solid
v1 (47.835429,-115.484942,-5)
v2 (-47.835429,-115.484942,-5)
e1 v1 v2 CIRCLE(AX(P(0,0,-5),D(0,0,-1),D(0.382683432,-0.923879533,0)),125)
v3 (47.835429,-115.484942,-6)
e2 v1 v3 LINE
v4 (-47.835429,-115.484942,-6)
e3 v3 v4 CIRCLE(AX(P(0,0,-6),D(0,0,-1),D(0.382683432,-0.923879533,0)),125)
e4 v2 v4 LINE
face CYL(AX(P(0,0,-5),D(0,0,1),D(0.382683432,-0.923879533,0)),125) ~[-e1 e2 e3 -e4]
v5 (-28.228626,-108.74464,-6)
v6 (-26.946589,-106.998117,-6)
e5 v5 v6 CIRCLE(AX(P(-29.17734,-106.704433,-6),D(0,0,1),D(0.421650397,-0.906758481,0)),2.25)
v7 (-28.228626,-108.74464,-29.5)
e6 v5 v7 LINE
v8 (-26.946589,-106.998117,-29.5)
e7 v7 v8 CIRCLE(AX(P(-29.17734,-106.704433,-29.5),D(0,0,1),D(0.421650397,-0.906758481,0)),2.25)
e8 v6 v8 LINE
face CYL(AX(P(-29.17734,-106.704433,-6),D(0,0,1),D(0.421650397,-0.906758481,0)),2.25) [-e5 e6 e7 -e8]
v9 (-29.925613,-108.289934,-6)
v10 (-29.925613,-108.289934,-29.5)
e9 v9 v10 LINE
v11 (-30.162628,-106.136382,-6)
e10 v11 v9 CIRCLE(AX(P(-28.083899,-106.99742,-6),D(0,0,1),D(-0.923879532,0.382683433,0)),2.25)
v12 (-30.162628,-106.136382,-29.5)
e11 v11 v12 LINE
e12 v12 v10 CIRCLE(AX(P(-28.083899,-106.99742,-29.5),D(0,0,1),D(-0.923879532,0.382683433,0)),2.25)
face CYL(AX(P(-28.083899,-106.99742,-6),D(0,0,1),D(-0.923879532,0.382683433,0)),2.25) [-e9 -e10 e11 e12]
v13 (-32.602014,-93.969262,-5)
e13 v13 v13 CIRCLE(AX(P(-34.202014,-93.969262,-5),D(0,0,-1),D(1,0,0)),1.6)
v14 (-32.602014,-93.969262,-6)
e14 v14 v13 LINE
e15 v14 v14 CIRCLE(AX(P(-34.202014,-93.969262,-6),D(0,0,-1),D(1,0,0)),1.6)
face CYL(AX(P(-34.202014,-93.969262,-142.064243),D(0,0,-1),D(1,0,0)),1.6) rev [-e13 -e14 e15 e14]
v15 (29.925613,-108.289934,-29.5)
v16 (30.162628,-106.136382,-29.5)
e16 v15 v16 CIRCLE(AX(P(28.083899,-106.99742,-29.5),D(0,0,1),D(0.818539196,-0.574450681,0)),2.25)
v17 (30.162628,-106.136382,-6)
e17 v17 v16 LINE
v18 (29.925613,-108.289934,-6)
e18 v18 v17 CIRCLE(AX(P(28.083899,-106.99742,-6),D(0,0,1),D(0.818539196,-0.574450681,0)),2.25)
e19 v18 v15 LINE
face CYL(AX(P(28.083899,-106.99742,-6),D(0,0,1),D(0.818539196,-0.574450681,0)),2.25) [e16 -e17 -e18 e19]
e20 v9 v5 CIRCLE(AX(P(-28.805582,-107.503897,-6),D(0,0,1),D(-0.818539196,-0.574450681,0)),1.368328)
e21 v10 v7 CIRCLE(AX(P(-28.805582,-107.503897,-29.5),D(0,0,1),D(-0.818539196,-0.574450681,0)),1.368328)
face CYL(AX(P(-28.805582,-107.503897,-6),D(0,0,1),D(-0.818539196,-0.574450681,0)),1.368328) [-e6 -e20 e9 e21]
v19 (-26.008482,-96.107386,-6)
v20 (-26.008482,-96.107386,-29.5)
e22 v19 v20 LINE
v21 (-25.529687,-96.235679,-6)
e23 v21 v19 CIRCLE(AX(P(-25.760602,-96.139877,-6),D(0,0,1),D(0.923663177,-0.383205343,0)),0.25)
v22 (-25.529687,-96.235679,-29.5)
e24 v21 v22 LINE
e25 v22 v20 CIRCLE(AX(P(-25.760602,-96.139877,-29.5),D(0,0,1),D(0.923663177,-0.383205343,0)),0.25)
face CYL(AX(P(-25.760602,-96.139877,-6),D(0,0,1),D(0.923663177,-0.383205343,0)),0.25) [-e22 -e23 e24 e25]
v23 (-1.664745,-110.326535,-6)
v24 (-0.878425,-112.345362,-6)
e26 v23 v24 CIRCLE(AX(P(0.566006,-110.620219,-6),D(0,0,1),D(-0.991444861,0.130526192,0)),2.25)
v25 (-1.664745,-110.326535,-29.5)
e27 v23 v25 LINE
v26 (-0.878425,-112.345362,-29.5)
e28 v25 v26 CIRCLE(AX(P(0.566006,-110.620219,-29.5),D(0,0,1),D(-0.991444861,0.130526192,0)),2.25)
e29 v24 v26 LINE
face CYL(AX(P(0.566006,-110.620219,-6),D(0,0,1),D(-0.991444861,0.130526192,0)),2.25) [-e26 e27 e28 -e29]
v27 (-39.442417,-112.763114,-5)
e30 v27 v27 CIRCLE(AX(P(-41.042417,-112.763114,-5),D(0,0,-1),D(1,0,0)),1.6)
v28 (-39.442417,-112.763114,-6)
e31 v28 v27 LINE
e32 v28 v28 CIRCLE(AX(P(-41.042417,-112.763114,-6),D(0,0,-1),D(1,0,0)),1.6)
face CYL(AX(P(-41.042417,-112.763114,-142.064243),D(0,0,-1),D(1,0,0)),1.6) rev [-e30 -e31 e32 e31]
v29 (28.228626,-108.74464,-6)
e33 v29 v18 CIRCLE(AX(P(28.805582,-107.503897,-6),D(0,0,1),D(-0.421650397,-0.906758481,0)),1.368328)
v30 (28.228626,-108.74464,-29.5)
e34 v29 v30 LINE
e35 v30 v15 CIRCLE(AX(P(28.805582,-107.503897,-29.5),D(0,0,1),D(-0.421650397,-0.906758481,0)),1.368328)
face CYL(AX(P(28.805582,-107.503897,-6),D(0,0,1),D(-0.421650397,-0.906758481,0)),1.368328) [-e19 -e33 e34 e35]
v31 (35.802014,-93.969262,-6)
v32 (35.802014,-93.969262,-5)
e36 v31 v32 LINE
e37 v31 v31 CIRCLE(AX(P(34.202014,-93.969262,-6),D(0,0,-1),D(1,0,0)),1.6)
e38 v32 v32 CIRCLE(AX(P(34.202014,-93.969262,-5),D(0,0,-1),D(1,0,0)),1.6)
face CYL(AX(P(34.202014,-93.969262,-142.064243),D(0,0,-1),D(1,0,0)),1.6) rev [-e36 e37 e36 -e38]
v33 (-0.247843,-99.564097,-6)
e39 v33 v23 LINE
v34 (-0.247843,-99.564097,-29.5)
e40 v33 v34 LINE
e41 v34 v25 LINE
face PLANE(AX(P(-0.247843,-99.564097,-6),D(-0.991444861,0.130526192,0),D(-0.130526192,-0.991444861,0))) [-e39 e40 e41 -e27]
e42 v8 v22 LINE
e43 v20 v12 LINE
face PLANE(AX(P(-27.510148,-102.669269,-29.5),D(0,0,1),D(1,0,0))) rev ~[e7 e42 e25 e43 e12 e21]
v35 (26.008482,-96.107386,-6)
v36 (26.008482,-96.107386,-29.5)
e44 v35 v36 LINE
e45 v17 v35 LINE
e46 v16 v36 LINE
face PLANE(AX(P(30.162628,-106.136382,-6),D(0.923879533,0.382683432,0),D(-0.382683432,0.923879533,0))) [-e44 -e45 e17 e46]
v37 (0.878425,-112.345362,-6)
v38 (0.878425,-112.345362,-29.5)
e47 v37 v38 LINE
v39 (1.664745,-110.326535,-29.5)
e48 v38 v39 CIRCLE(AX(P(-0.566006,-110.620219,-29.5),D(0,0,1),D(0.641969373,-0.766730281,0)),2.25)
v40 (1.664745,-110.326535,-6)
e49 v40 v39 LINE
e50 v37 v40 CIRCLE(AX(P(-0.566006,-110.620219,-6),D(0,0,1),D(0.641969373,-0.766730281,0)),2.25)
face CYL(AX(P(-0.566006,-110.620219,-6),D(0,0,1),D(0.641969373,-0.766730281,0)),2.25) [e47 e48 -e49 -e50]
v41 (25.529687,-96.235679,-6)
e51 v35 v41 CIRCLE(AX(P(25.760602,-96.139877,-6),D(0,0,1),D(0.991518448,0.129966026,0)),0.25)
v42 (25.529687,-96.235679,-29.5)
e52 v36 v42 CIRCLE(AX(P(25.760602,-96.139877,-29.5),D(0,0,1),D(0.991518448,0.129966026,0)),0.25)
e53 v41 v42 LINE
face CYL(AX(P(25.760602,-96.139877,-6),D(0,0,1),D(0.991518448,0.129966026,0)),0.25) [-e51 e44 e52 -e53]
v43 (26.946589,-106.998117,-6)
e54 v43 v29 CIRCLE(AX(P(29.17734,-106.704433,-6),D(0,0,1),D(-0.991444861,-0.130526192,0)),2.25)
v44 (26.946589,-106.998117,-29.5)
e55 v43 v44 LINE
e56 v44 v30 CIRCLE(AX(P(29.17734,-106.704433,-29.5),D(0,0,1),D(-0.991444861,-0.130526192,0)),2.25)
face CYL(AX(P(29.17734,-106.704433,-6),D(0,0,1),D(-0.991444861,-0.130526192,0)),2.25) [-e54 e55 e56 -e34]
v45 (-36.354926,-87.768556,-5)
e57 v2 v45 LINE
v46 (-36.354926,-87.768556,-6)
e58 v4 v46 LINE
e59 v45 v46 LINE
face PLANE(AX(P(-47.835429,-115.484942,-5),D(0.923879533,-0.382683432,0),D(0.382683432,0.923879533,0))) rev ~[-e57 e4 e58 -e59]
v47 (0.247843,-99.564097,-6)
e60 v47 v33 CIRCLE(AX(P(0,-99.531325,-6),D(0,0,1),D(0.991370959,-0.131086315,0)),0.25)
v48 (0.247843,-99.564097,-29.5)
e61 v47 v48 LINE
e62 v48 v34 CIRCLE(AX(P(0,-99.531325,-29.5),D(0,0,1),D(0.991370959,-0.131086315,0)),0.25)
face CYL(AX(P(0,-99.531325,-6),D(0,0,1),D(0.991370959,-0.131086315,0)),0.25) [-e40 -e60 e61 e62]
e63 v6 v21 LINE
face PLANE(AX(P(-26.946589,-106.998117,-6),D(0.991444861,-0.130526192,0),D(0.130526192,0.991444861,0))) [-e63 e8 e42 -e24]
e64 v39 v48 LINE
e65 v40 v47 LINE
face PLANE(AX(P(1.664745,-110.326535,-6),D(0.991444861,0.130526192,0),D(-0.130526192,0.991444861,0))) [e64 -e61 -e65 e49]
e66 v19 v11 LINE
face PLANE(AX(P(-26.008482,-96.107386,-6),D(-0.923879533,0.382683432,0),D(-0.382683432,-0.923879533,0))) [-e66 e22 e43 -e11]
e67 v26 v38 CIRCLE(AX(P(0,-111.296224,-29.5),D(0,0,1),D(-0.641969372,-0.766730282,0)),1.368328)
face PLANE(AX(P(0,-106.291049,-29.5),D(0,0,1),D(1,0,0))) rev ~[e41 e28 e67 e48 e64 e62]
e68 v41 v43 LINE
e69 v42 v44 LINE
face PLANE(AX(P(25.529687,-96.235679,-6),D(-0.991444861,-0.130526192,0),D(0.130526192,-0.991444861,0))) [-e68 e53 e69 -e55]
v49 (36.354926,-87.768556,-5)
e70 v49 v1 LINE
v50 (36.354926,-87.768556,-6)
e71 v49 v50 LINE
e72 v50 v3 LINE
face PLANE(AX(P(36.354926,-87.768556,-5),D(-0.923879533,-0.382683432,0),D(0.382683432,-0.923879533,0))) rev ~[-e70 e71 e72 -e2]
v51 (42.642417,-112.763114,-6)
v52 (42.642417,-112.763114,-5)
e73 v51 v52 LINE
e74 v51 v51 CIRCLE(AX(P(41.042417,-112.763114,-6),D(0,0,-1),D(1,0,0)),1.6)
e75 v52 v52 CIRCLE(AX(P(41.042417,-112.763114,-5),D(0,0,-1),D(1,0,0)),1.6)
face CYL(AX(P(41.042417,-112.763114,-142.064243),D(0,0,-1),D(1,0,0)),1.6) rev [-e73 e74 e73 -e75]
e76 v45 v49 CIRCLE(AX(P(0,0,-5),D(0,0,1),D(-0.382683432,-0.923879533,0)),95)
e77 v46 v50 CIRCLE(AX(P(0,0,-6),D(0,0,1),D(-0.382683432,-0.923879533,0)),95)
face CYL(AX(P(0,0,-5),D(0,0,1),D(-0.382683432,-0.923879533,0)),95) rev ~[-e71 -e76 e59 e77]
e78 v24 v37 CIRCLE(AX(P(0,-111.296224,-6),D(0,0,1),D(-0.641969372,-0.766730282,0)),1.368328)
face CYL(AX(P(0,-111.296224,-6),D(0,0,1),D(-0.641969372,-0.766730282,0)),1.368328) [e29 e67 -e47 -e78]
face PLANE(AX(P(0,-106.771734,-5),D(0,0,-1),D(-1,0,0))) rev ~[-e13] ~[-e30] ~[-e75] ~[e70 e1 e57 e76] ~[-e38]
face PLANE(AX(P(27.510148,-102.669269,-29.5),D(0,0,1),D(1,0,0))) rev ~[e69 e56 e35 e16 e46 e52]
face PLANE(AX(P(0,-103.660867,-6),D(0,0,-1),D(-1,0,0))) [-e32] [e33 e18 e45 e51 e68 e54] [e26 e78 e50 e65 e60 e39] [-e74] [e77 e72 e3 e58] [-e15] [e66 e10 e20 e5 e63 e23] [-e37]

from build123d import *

# Parameters (mm, degrees)
BOSS_EXTRUDE1_START      = -5
BOSS_EXTRUDE1_DEPTH      = 1
BOSS_EXTRUDE2_START      = -5
BOSS_EXTRUDE2_DEPTH      = 5
BOSS_EXTRUDE3_DEPTH      = 1
BOSS_EXTRUDE3_DEPTH_BACK = 6
BOSS_EXTRUDE4_DEPTH      = 23.5
CUT_EXTRUDE1_START       = -6
CUT_EXTRUDE1_DEPTH       = 6
CUT_EXTRUDE2_DEPTH       = 137.064243179
CUT_EXTRUDE2_DEPTH_BACK  = 137.064243179
SKETCH5_R                = 1.6


with BuildPart() as part:
    # Sketch1 → Boss-Extrude1 (new body)
    with BuildSketch(Plane.XY.offset(BOSS_EXTRUDE1_START)):
        with BuildLine():
            Line((-47.835429046, -115.484941564), (-36.354926075, -87.768555589))
            ThreePointArc((-36.354926075, -87.768555589), (0, -95), (36.354926075, -87.768555589))
            Line((36.354926075, -87.768555589), (47.835429046, -115.484941564))
            ThreePointArc((47.835429046, -115.484941564), (0, -125), (-47.835429046, -115.484941564))
        make_face()
        with BuildLine():
            Line((-26.038476963, -106.101650399), (-23.955923749, -97.86049365))
            ThreePointArc((-23.955923749, -97.86049365), (0, -100.75), (23.955923749, -97.86049365))
            Line((23.955923749, -97.86049365), (26.038476963, -106.101650399))
            ThreePointArc((26.038476963, -106.101650399), (0, -109.25), (-26.038476963, -106.101650399))
        make_face(mode=Mode.SUBTRACT)
    extrude(amount=-BOSS_EXTRUDE1_DEPTH)



with BuildPart() as body_2:
    # Sketch1<3> → Boss-Extrude2 (new body)
    with BuildSketch(Plane.XY.offset(BOSS_EXTRUDE2_START)):
        with BuildLine():
            ThreePointArc((-23.955923749, -97.86049365), (0, -100.75), (23.955923749, -97.86049365))
            Line((23.955923749, -97.86049365), (26.038476963, -106.101650399))
            ThreePointArc((26.038476963, -106.101650399), (0, -109.25), (-26.038476963, -106.101650399))
            Line((-26.038476963, -106.101650399), (-23.955923749, -97.86049365))
        make_face()
    extrude(amount=BOSS_EXTRUDE2_DEPTH)


with BuildPart() as part_1:
    add(part.part)

    add(body_2.part)  # Boss-Extrude3 merges body 2
    # Sketch1<4> → Boss-Extrude3 (add, two sides: drawn at the far end of the back side and taken through both)
    with BuildSketch(Plane.XY.offset(-BOSS_EXTRUDE3_DEPTH_BACK)):
        with BuildLine():
            ThreePointArc((-23.955923749, -97.86049365), (0, -100.75), (23.955923749, -97.86049365))
            Line((23.955923749, -97.86049365), (26.038476963, -106.101650399))
            ThreePointArc((26.038476963, -106.101650399), (0, -109.25), (-26.038476963, -106.101650399))
            Line((-26.038476963, -106.101650399), (-23.955923749, -97.86049365))
        make_face()
    extrude(amount=BOSS_EXTRUDE3_DEPTH + BOSS_EXTRUDE3_DEPTH_BACK)

    # Sketch3 → Boss-Extrude4 (add)
    with BuildSketch(Plane(origin=(0, 0, -6), x_dir=(-1, 0, 0), z_dir=(0, 0, -1))):
        with BuildLine():
            Line((-25.529686705, -96.235678696), (-26.946588628, -106.998117309))
            ThreePointArc((-26.946588628, -106.998117309), (-27.363549694, -108.035848526), (-28.228626172, -108.744639958))
            ThreePointArc((-28.228626172, -108.744639958), (-29.159731718, -108.825600307), (-29.9256126, -108.289933815))
            ThreePointArc((-29.9256126, -108.289933815), (-30.32039509, -107.24356419), (-30.162628357, -106.136382061))
            Line((-30.162628357, -106.136382061), (-26.008482111, -96.107385854))
            ThreePointArc((-26.008482111, -96.107385854), (-25.695897738, -95.898395904), (-25.529686705, -96.235678696))
        make_face()
        with BuildLine():
            Line((0.24784274, -99.564096598), (1.664744663, -110.326535211))
            ThreePointArc((1.664744663, -110.326535211), (1.530575804, -111.436824058), (0.878424814, -112.345362277))
            ThreePointArc((0.878424814, -112.345362277), (0, -112.664551817), (-0.878424814, -112.345362277))
            ThreePointArc((-0.878424814, -112.345362277), (-1.530575804, -111.436824058), (-1.664744663, -110.326535211))
            Line((-1.664744663, -110.326535211), (-0.24784274, -99.564096598))
            ThreePointArc((-0.24784274, -99.564096598), (0, -99.281325019), (0.24784274, -99.564096598))
        make_face()
        with BuildLine():
            Line((26.008482111, -96.107385854), (30.162628357, -106.136382061))
            ThreePointArc((30.162628357, -106.136382061), (30.32039509, -107.24356419), (29.9256126, -108.289933815))
            ThreePointArc((29.9256126, -108.289933815), (29.159731718, -108.825600307), (28.228626172, -108.744639958))
            ThreePointArc((28.228626172, -108.744639958), (27.363549694, -108.035848526), (26.946588628, -106.998117309))
            Line((26.946588628, -106.998117309), (25.529686705, -96.235678696))
            ThreePointArc((25.529686705, -96.235678696), (25.695897738, -95.898395904), (26.008482111, -96.107385854))
        make_face()
    extrude(amount=BOSS_EXTRUDE4_DEPTH)

    # Sketch4 → Cut-Extrude1 (cut)
    with BuildSketch(Plane.XY.offset(1).offset(CUT_EXTRUDE1_START)):
        with BuildLine():
            Line((-23.955923749, -97.86049365), (-26.038476963, -106.101650399))
            ThreePointArc((-26.038476963, -106.101650399), (0, -109.25), (26.038476963, -106.101650399))
            Line((26.038476963, -106.101650399), (23.955923749, -97.86049365))
            ThreePointArc((23.955923749, -97.86049365), (0, -100.75), (-23.955923749, -97.86049365))
        make_face()
    extrude(amount=CUT_EXTRUDE1_DEPTH, mode=Mode.SUBTRACT)

    # Sketch5 → Cut-Extrude2 (cut, two sides: drawn at the far end of the back side and taken through both)
    with BuildSketch(Plane.XY.offset(-5).offset(-CUT_EXTRUDE2_DEPTH_BACK)):
        with Locations((-34.202014333, -93.969262079)):
            Circle(SKETCH5_R)
        with Locations((-41.042417199, -112.763114494)):
            Circle(SKETCH5_R)
        with Locations((41.042417199, -112.763114494)):
            Circle(SKETCH5_R)
        with Locations((34.202014333, -93.969262079)):
            Circle(SKETCH5_R)
    extrude(amount=CUT_EXTRUDE2_DEPTH + CUT_EXTRUDE2_DEPTH_BACK, mode=Mode.SUBTRACT)


solid = part_1.part
